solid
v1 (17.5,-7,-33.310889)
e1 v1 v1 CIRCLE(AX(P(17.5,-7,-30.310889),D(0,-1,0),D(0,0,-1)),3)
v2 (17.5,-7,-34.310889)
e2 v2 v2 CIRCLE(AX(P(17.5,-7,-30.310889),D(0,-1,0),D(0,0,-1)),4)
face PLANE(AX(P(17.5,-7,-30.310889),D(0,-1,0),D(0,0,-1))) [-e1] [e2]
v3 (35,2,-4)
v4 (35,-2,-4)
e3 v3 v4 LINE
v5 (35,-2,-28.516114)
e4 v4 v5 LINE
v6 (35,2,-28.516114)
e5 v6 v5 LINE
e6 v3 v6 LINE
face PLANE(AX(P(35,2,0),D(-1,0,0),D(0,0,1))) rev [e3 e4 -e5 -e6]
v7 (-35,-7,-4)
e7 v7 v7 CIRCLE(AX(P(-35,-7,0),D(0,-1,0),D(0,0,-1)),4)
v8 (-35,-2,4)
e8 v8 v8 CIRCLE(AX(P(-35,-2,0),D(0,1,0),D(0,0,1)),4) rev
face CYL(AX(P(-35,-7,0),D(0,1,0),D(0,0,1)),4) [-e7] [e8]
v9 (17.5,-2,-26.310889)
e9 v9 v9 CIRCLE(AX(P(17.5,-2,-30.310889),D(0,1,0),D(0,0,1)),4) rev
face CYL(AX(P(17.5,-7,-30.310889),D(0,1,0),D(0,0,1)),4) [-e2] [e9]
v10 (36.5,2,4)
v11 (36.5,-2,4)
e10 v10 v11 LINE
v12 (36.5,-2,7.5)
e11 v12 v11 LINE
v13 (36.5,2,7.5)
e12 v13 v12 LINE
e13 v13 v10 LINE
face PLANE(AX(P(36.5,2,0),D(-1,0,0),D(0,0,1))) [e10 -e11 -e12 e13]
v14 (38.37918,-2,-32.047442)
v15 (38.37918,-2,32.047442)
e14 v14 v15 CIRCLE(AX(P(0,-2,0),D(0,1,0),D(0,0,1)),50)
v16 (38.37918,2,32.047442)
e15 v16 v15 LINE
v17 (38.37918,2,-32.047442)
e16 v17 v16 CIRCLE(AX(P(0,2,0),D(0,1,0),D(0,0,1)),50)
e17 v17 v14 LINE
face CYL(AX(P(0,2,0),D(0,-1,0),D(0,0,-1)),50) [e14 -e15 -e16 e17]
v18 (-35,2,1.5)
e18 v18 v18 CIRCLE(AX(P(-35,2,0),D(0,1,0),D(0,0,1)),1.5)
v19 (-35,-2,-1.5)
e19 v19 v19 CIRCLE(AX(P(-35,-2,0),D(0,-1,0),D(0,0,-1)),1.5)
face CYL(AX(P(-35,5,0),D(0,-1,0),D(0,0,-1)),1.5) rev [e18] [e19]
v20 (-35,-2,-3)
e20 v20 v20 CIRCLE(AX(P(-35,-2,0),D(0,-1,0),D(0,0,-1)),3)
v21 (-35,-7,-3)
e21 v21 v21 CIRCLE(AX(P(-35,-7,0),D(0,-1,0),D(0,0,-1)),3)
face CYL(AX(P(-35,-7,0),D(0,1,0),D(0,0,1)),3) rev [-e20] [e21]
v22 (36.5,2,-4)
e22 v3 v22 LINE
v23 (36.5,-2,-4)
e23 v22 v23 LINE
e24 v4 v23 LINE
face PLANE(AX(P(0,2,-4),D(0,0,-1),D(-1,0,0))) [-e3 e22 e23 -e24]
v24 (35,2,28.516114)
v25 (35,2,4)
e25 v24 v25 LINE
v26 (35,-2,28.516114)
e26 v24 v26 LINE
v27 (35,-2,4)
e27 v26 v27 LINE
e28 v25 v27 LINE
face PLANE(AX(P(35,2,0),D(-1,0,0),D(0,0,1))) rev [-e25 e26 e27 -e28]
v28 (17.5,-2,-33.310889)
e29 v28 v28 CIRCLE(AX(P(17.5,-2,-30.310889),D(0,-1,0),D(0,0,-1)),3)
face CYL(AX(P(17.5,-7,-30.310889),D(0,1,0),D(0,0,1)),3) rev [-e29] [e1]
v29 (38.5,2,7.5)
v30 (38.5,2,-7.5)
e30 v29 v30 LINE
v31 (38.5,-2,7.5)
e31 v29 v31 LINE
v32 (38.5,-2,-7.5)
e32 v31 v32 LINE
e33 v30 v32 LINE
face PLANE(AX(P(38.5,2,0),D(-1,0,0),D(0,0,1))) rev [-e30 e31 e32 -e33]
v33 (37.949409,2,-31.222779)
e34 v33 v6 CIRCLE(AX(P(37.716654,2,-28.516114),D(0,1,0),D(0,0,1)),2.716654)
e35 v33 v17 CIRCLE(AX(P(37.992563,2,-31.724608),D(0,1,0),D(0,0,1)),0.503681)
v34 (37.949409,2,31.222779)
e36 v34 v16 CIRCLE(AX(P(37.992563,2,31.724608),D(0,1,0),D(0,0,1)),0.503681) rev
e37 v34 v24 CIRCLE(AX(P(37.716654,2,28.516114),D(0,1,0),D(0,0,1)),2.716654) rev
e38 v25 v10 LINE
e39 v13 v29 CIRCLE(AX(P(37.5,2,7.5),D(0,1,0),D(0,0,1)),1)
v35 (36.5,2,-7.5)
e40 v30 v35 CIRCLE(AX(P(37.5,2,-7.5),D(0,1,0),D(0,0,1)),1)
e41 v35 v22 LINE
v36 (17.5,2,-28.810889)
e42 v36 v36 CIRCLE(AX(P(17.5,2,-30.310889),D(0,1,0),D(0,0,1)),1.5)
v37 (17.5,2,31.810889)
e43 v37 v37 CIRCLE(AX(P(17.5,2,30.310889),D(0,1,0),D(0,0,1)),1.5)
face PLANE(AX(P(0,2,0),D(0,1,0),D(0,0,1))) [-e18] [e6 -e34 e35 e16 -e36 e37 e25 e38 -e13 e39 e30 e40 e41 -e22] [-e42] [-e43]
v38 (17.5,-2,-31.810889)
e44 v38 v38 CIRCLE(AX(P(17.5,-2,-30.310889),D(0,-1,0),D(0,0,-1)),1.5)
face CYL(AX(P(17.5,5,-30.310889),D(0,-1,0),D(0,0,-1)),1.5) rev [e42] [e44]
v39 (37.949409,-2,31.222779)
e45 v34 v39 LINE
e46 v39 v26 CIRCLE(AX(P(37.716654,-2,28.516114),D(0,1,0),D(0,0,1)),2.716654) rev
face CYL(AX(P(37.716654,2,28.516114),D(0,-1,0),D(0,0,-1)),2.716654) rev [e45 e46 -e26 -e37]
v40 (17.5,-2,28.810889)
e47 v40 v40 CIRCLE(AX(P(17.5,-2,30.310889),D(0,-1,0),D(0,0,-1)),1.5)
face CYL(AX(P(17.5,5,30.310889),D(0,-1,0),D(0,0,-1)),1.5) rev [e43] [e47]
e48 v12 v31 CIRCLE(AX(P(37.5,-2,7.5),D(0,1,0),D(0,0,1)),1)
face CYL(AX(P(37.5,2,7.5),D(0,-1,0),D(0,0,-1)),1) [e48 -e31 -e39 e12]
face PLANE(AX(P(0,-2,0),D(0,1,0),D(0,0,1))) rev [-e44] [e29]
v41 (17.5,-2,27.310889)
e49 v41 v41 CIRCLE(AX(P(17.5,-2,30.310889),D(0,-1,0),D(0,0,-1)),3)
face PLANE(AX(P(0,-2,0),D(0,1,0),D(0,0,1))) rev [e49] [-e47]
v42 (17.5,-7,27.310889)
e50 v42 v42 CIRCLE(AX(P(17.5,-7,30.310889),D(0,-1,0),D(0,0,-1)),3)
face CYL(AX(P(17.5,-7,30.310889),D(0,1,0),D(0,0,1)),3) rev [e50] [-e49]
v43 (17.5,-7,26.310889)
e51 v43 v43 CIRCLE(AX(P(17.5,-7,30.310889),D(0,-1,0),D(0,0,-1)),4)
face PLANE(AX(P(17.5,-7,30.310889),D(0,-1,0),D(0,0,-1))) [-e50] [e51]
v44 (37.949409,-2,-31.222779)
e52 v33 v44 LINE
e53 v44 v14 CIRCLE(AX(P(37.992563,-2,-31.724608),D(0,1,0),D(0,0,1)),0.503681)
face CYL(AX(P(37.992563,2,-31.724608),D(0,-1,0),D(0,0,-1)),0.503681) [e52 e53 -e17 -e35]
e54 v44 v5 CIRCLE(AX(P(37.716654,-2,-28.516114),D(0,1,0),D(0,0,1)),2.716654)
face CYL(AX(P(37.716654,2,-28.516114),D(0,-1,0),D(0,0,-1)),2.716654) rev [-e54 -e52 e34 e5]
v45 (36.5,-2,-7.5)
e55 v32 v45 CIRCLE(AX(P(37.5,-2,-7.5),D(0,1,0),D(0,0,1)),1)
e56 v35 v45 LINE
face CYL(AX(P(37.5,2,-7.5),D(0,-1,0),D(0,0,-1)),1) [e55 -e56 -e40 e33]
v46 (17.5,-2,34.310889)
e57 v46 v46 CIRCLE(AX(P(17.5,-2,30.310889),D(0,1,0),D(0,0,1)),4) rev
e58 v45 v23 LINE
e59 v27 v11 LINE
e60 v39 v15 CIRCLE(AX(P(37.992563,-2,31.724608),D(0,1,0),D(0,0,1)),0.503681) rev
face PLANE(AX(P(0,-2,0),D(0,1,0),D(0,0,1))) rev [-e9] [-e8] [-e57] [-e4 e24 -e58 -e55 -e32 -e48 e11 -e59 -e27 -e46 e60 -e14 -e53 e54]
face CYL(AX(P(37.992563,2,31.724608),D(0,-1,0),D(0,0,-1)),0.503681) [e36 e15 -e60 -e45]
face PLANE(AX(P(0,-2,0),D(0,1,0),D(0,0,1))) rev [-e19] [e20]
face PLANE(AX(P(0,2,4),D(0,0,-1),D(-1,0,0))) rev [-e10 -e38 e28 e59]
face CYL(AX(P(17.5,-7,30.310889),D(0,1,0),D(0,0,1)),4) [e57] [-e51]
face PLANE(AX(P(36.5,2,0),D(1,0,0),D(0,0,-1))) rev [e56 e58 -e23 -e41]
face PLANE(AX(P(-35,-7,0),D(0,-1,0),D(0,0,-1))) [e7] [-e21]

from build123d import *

# Parameters (mm, degrees)
SALIENTE_EXTRUIR1_DEPTH = 2
CROQUIS2_R              = 1.5
CORTAR_EXTRUIR1_DEPTH   = 7
CROQUIS3_R              = 4
CROQUIS3_R_2            = 3
SALIENTE_EXTRUIR2_DEPTH = 5


with BuildPart() as part:
    # Croquis1 → Saliente-Extruir1 (new, symmetric)
    with BuildSketch(Plane(origin=(0, 0, 0), x_dir=(1, 0, 0), z_dir=(0, 1, 0))):
        with BuildLine():
            Line((35, -28.516113802), (35, -4))
            Line((35, -4), (36.5, -4))
            Line((36.5, -4), (36.5, -7.5))
            ThreePointArc((36.5, -7.5), (37.5, -8.5), (38.5, -7.5))
            Line((38.5, -7.5), (38.5, 7.5))
            ThreePointArc((38.5, 7.5), (37.5, 8.5), (36.5, 7.5))
            Line((36.5, 7.5), (36.5, 4))
            Line((36.5, 4), (35, 4))
            Line((35, 4), (35, 28.516113802))
            ThreePointArc((35, 28.516113802), (35.879823326, 30.517678888), (37.949409202, 31.222779006))
            ThreePointArc((37.949409202, 31.222779006), (38.439227262, 31.49182987), (38.37918033, 32.047441664))
            ThreePointArc((38.37918033, 32.047441664), (-50, 0), (38.37918033, -32.047441664))
            ThreePointArc((38.37918033, -32.047441664), (38.439227262, -31.49182987), (37.949409202, -31.222779006))
            ThreePointArc((37.949409202, -31.222779006), (35.879823326, -30.517678888), (35, -28.516113802))
        make_face()
    extrude(amount=SALIENTE_EXTRUIR1_DEPTH, both=True)

    # Croquis2 → Cortar-Extruir1 (cut)
    with BuildSketch(Plane.XZ.offset(2)):
        with Locations(Location((17.5, 30.310889132, 0), (0, 0, 270))):
            Circle(CROQUIS2_R)
        with Locations(Location((-35, 0, 0), (0, 0, 270))):
            Circle(CROQUIS2_R)
        with Locations(Location((17.5, -30.310889132, 0), (0, 0, 270))):
            Circle(CROQUIS2_R)
    extrude(amount=-CORTAR_EXTRUIR1_DEPTH, mode=Mode.SUBTRACT)

    # Croquis3 → Saliente-Extruir2 (add)
    # profile 1 of 3: a face of its own
    with BuildSketch(Plane.XZ.offset(2)):
        with Locations(Location((-35, 0, 0), (0, 0, 90))):
            Circle(CROQUIS3_R)
        with Locations(Location((-35, 0, 0), (0, 0, 270))):
            Circle(CROQUIS3_R_2, mode=Mode.SUBTRACT)
    # profile 2 of 3: a face of its own
    with BuildSketch(Plane.XZ.offset(2)):
        with Locations(Location((17.5, 30.310889132, 0), (0, 0, 90))):
            Circle(CROQUIS3_R)
        with Locations(Location((17.5, 30.310889132, 0), (0, 0, 270))):
            Circle(CROQUIS3_R_2, mode=Mode.SUBTRACT)
    # profile 3 of 3: a face of its own
    with BuildSketch(Plane.XZ.offset(2)):
        with Locations(Location((17.5, -30.310889132, 0), (0, 0, 90))):
            Circle(CROQUIS3_R)
        with Locations(Location((17.5, -30.310889132, 0), (0, 0, 270))):
            Circle(CROQUIS3_R_2, mode=Mode.SUBTRACT)
    extrude(amount=SALIENTE_EXTRUIR2_DEPTH)


solid = part.part
